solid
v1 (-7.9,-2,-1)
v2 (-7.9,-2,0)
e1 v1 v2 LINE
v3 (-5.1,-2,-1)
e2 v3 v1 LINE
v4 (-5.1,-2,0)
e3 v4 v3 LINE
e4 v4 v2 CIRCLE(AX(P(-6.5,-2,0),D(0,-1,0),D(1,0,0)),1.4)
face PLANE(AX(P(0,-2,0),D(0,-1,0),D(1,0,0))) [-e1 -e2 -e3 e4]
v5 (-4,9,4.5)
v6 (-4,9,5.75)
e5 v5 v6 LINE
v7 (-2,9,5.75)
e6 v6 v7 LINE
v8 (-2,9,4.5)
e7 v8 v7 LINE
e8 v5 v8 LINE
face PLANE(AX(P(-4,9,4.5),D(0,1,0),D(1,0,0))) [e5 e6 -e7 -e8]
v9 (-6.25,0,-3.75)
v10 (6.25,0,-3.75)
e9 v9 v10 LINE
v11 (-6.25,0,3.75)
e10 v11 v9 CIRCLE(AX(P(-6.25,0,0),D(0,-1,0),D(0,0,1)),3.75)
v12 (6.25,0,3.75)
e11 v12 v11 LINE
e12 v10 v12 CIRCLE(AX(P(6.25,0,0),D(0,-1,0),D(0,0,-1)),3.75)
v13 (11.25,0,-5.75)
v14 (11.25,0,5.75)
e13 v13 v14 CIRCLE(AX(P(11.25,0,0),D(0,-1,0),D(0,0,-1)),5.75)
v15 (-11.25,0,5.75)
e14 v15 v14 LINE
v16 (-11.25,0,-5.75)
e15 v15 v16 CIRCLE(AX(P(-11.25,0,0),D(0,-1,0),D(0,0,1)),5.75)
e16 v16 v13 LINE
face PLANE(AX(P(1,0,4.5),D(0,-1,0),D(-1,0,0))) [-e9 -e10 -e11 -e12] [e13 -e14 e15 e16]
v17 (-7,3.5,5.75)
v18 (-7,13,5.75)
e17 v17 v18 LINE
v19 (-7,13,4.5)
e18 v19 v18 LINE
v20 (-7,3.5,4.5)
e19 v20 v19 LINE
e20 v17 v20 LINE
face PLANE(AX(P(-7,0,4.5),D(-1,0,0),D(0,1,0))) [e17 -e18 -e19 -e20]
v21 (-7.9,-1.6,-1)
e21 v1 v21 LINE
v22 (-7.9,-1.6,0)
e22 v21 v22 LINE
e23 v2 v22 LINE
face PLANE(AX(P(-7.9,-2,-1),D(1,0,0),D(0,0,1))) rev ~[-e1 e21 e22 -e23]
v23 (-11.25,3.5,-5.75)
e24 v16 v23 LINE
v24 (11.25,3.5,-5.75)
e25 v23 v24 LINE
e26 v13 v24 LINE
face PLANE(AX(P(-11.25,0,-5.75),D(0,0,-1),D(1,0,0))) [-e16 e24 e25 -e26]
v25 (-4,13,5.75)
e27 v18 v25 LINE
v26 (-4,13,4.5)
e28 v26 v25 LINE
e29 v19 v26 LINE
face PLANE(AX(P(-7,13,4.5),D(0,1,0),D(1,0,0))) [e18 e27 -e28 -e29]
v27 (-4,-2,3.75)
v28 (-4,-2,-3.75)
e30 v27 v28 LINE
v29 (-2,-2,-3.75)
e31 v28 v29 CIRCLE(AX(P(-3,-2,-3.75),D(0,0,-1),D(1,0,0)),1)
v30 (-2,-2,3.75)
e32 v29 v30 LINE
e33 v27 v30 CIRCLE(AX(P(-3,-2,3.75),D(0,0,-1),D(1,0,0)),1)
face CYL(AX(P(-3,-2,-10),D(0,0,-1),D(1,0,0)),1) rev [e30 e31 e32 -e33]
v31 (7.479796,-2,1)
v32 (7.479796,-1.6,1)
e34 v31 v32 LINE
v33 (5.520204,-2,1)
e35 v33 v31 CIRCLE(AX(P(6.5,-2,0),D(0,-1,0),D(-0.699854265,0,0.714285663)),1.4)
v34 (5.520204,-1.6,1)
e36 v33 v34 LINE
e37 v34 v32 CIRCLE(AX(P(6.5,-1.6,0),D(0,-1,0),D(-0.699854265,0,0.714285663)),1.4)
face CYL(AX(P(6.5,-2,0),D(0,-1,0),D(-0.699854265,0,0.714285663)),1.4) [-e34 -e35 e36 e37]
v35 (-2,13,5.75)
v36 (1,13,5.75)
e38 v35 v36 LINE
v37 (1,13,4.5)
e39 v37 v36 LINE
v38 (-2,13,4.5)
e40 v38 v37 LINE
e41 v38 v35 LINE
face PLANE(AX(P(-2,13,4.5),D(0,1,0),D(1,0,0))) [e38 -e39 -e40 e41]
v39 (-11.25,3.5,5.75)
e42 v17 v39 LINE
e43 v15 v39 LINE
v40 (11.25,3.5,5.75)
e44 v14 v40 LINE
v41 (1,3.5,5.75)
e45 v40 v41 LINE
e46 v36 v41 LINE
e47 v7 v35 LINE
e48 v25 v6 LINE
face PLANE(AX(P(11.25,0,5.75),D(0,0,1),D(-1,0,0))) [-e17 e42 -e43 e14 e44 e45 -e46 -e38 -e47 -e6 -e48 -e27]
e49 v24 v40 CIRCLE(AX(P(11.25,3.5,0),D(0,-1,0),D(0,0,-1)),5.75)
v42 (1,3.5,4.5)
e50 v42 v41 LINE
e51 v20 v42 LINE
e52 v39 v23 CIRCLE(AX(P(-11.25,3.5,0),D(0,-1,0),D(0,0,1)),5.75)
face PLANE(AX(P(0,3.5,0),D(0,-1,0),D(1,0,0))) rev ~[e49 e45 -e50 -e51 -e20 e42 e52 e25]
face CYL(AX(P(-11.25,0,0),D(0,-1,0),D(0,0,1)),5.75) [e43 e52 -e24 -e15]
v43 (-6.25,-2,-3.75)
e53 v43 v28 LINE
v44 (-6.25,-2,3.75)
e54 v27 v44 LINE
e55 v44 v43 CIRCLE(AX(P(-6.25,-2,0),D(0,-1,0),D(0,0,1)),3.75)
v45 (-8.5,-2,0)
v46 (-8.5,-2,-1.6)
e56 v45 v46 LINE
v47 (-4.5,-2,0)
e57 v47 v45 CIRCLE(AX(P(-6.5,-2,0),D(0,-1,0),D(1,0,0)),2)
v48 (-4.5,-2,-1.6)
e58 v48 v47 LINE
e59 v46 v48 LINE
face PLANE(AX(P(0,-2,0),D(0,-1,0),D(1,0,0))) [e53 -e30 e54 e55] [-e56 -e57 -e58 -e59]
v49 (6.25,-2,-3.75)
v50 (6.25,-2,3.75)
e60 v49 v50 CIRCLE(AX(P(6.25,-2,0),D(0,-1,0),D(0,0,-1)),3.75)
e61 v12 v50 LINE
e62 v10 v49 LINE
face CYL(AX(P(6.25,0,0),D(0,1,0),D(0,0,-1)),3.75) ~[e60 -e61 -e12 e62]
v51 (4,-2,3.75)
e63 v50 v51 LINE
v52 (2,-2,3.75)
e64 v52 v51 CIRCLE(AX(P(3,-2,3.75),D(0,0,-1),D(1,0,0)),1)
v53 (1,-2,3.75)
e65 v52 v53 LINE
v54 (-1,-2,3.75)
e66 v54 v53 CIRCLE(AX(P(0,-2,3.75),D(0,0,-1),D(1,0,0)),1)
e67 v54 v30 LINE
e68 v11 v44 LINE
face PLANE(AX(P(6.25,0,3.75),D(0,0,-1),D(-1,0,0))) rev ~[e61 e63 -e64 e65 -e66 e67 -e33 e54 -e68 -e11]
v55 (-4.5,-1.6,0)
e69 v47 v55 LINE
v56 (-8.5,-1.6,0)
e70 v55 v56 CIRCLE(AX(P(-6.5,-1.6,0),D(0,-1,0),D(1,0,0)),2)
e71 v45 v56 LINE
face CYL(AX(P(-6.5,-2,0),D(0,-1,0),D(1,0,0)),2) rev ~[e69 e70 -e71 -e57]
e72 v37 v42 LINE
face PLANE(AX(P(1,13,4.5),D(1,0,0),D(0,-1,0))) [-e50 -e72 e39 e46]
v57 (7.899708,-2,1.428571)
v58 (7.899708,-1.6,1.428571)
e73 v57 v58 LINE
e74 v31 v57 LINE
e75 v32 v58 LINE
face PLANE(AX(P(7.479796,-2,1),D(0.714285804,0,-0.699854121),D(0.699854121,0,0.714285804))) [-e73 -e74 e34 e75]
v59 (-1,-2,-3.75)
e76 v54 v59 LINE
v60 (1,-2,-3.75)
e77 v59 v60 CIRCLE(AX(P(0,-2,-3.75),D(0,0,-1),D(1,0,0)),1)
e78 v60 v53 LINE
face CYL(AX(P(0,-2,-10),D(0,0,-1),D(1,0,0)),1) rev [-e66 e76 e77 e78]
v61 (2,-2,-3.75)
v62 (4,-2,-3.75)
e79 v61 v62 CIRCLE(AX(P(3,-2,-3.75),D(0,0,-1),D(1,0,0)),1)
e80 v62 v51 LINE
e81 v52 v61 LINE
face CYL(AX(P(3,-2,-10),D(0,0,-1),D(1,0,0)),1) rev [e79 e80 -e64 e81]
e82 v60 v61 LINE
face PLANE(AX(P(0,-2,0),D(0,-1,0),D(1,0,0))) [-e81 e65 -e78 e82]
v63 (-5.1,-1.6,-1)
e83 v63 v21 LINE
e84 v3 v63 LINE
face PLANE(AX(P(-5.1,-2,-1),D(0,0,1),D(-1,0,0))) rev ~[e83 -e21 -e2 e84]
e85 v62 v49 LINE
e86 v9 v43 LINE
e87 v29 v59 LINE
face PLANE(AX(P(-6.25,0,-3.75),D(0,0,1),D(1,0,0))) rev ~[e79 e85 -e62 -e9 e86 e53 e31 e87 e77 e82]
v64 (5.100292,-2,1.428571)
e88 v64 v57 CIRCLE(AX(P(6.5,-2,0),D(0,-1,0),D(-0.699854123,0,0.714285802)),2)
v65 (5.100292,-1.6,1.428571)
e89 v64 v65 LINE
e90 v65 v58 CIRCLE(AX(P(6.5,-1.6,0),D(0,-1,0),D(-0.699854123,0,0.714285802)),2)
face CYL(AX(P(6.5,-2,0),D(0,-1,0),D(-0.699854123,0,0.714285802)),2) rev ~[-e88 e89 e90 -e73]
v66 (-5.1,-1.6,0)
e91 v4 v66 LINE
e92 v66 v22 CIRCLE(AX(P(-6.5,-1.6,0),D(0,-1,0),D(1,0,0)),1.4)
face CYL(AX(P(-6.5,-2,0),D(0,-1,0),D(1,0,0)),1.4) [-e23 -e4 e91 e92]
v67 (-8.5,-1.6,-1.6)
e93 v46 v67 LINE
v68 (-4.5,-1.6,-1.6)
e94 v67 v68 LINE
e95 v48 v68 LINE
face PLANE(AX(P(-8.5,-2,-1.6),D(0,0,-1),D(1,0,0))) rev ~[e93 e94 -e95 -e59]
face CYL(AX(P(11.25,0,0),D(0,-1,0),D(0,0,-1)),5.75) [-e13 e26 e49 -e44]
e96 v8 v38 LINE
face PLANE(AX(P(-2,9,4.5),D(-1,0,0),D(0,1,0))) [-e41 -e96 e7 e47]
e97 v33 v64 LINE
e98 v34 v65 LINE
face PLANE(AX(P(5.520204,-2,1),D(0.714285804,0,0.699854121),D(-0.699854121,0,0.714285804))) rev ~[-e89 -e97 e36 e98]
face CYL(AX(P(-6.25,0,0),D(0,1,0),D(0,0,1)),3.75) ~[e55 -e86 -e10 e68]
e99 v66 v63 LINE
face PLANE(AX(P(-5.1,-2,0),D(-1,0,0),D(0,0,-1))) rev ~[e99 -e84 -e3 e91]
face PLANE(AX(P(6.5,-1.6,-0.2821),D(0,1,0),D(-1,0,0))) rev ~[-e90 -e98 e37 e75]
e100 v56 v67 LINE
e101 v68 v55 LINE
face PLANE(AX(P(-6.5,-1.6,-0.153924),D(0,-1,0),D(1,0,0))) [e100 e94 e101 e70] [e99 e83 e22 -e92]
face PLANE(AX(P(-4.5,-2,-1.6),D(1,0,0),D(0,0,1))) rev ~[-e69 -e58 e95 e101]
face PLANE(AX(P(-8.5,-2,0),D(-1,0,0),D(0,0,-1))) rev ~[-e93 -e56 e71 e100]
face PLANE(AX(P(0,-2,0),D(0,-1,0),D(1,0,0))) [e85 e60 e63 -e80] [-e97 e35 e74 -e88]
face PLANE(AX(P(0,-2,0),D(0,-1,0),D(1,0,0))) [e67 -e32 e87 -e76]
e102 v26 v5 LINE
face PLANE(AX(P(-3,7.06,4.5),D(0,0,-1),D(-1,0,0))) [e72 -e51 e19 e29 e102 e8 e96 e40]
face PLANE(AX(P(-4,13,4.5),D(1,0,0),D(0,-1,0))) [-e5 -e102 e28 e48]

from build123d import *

# Parameters (mm, degrees)
PAD001_DEPTH        = 2
PAD002_DEPTH        = 3.5
PAD003_DEPTH        = 1.25
CYLINDER_R          = 1
CYLINDER_DEPTH      = 20
LINEARPATTERN_COUNT = 3
LINEARPATTERN_PITCH = 3
POCKET008_DEPTH     = 0.4


with BuildPart() as part:
    # Sketch008 → Pad001 (new body)
    with BuildSketch(Plane.XZ):
        with BuildLine():
            ThreePointArc((-6.25, 3.75), (-10, 0), (-6.25, -3.75))
            Line((-6.25, -3.75), (6.25, -3.75))
            ThreePointArc((6.25, -3.75), (10, 0), (6.25, 3.75))
            Line((6.25, 3.75), (-6.25, 3.75))
        make_face()
    extrude(amount=PAD001_DEPTH)

    # Sketch010 → Pad002 (join)
    with BuildSketch(Plane.XZ):
        with BuildLine():
            ThreePointArc((-11.25, 5.75), (-17, 0), (-11.25, -5.75))
            Line((-11.25, -5.75), (11.25, -5.75))
            ThreePointArc((11.25, -5.75), (17, 0), (11.25, 5.75))
            Line((11.25, 5.75), (-11.25, 5.75))
        make_face()
    extrude(amount=-PAD002_DEPTH)

    # Sketch011 → Pad003 (join)
    with BuildSketch(Plane.XY.offset(4.5)):
        Polygon((-7, 0), (-7, 13), (-4, 13), (-4, 9), (-2, 9), (-2, 13), (1, 13), (1, 0), align=None)
    extrude(amount=PAD003_DEPTH)

    # Cylinder → Cylinder (cut)
    with BuildSketch(Plane(origin=(-3, -2, -10), x_dir=(1, 0, 0), z_dir=(0, 0, 1))):
        Circle(CYLINDER_R)
    cylinder = extrude(amount=CYLINDER_DEPTH, mode=Mode.SUBTRACT)

    # LinearPattern: Cylinder ×3
    with Locations(*[(i * LINEARPATTERN_PITCH, 0, 0) for i in range(1, LINEARPATTERN_COUNT)]):
        add(cylinder, mode=Mode.SUBTRACT)

    # Sketch012 → Pocket008 (cut)
    with BuildSketch(Plane.XZ.offset(2)):
        with BuildLine():
            ThreePointArc((-4.5, 0), (-6.5, 2), (-8.5, 0))
            Line((-8.5, 0), (-8.5, -1.6))
            Line((-8.5, -1.6), (-4.5, -1.6))
            Line((-4.5, -1.6), (-4.5, 0))
        make_face()
        with BuildLine():
            ThreePointArc((-5.1, 0), (-6.5, 1.4), (-7.9, 0))
            Line((-7.9, -1), (-7.9, 0))
            Line((-5.1, -1), (-7.9, -1))
            Line((-5.1, 0), (-5.1, -1))
        make_face(mode=Mode.SUBTRACT)
        with BuildLine():
            ThreePointArc((5.520204, 1), (6.5, -1.4), (7.479796, 1))
            Line((7.479796, 1), (7.899708, 1.428571))
            ThreePointArc((5.100292, 1.428571), (6.5, -2), (7.899708, 1.428571))
            Line((5.520204, 1), (5.100292, 1.428571))
        make_face()
    extrude(amount=-POCKET008_DEPTH, mode=Mode.SUBTRACT)


solid = part.part
